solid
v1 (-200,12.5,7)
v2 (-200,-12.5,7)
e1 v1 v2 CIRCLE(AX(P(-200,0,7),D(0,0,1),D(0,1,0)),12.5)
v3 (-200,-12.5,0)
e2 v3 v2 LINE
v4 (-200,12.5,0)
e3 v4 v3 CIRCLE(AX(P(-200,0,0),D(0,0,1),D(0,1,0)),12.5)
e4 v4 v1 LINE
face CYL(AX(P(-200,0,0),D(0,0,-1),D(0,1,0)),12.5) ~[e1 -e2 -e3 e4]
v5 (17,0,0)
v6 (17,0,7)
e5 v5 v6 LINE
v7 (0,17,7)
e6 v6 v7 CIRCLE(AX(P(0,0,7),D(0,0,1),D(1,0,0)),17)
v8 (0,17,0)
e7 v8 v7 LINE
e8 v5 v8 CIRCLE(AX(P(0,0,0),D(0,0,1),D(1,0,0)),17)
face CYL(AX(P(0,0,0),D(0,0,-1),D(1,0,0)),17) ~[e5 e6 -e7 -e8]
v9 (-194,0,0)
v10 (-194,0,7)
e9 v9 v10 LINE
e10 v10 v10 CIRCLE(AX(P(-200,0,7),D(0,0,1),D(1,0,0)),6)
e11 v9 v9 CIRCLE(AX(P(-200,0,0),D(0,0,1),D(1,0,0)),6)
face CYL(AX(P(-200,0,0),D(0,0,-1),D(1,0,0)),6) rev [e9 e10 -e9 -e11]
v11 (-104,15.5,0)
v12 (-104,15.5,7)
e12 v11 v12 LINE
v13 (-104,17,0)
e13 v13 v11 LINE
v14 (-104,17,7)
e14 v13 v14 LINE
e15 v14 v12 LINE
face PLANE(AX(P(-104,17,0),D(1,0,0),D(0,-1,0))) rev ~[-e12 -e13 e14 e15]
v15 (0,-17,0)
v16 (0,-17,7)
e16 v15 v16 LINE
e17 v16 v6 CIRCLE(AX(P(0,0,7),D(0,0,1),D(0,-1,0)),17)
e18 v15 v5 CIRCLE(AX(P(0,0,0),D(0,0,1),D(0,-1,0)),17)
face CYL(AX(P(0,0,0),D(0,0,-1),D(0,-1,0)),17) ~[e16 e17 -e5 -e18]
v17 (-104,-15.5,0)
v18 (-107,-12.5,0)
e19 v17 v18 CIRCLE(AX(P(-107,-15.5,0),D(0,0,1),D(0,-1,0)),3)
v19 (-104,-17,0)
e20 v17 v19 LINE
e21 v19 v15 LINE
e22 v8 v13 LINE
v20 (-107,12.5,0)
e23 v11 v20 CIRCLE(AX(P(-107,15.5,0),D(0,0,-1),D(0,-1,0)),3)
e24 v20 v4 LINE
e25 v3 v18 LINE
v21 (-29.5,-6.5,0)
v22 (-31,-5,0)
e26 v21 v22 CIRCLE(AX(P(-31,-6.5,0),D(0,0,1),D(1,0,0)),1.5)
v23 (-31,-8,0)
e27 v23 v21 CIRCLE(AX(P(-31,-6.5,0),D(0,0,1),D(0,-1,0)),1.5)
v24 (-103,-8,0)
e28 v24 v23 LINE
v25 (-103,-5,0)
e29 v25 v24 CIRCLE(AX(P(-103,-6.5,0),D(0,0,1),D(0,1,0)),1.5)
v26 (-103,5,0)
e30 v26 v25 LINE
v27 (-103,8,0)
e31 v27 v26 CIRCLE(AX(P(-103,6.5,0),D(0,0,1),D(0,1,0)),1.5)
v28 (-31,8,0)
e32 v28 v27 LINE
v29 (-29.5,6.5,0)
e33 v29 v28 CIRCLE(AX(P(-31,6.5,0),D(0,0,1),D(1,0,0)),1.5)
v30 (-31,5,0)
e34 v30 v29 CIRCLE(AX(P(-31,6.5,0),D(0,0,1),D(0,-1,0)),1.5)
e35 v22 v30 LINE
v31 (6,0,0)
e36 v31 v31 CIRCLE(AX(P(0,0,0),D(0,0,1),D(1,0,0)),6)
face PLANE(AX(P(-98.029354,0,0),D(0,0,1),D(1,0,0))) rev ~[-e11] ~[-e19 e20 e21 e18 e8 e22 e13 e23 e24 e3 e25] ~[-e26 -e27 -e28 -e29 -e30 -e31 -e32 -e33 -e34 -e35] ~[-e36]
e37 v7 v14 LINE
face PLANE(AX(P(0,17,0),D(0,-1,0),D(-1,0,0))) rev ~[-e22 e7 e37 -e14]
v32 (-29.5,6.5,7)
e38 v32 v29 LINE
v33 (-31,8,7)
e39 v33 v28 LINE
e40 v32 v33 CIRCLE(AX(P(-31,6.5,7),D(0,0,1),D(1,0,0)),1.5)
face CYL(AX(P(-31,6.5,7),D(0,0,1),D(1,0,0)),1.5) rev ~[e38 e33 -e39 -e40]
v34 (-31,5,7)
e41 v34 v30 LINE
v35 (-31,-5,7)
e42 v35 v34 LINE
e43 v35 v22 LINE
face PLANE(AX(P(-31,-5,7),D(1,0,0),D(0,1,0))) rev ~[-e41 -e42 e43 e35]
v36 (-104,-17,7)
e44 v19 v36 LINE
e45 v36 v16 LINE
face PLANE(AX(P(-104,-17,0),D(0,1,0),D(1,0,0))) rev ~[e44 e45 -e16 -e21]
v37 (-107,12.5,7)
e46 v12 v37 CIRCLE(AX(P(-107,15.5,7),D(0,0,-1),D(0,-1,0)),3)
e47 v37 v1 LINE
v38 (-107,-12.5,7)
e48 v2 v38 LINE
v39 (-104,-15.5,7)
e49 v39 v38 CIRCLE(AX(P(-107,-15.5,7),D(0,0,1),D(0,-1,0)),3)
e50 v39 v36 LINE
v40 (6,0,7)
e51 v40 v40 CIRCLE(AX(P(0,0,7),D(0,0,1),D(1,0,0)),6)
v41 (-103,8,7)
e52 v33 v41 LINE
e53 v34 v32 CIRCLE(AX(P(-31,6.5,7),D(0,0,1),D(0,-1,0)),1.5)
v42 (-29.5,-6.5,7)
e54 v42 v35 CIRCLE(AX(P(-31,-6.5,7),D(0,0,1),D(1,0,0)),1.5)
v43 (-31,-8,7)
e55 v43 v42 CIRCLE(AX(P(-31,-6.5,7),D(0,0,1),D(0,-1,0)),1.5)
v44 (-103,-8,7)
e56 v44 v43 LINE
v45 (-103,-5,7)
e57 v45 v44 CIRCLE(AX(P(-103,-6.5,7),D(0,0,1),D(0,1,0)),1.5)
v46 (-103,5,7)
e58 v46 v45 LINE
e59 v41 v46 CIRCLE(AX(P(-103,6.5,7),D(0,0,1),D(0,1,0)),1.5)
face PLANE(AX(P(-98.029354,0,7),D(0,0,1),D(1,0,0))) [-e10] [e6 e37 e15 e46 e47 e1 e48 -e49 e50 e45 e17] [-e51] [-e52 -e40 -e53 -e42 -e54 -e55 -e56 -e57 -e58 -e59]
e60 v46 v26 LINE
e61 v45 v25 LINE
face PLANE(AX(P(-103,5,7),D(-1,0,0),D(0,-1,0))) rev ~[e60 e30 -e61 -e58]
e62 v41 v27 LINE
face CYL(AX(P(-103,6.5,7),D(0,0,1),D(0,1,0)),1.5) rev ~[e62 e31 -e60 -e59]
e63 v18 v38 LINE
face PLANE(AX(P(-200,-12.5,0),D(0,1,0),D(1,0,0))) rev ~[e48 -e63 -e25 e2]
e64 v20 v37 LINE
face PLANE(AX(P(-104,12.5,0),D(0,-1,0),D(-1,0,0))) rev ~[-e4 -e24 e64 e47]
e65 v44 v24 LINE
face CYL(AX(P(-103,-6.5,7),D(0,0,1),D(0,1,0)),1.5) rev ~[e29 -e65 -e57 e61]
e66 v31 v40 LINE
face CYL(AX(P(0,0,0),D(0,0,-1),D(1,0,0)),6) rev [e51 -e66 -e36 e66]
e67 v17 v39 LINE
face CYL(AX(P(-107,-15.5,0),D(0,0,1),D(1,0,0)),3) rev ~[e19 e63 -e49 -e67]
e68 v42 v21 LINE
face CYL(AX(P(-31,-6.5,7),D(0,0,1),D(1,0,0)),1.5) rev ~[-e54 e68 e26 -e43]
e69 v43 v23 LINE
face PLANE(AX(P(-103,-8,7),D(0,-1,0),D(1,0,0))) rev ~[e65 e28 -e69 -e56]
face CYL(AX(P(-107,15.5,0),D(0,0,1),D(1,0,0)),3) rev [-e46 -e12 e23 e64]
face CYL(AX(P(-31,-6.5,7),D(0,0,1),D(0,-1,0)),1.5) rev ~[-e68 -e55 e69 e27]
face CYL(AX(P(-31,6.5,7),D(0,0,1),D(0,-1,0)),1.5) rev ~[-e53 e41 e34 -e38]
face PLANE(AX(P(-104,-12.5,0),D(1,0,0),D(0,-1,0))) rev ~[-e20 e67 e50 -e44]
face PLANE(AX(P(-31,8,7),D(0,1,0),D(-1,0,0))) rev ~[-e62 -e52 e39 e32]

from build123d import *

# Parameters (mm, degrees)
F0_R     = 6
F1_DEPTH = 7
F3_DEPTH = 7.001
F4_R     = 3


with BuildPart() as f1:
    # F0 (on Top) → F1 (new body)
    with BuildSketch(Plane.XY):
        with BuildLine():
            ThreePointArc((0, -17), (-17, 0), (0, 17))
            Line((0, 17), (-104, 17))
            Line((-104, 17), (-104, 12.5))
            Line((-104, 12.5), (-200, 12.5))
            ThreePointArc((-200, 12.5), (-191.1611652352, 8.8388347648), (-187.5, 0))
            ThreePointArc((-187.5, 0), (-191.1611652352, -8.8388347648), (-200, -12.5))
            Line((-200, -12.5), (-104, -12.5))
            Line((-104, -12.5), (-104, -17))
            Line((-104, -17), (0, -17))
        make_face()
        with BuildLine():
            ThreePointArc((0, -17), (12.0208152802, -12.0208152802), (17, 0))
            ThreePointArc((17, 0), (12.0208152802, 12.0208152802), (0, 17))
            ThreePointArc((0, 17), (-17, 0), (0, -17))
        make_face()
        Circle(F0_R, mode=Mode.SUBTRACT)
        with BuildLine():
            ThreePointArc((-187.5, 0), (-191.1611652352, 8.8388347648), (-200, 12.5))
            ThreePointArc((-200, 12.5), (-212.5, 0), (-200, -12.5))
            ThreePointArc((-200, -12.5), (-191.1611652352, -8.8388347648), (-187.5, 0))
        make_face()
        with Locations((-200, 0)):
            Circle(F0_R, mode=Mode.SUBTRACT)
    extrude(amount=F1_DEPTH)

    # F2 (on face) → F3 (cut, through all)
    with BuildSketch(Plane.XY.offset(7)):
        with BuildLine():
            ThreePointArc((-31, 5), (-32.5, 6.5), (-31, 8))
            Line((-31, 8), (-103, 8))
            ThreePointArc((-103, 8), (-101.9393398282, 7.5606601718), (-101.5, 6.5))
            ThreePointArc((-101.5, 6.5), (-101.9393398282, 5.4393398282), (-103, 5))
            Line((-103, 5), (-103, -5))
            ThreePointArc((-103, -5), (-101.9393398282, -5.4393398282), (-101.5, -6.5))
            ThreePointArc((-101.5, -6.5), (-101.9393398282, -7.5606601718), (-103, -8))
            Line((-103, -8), (-31, -8))
            ThreePointArc((-31, -8), (-32.5, -6.5), (-31, -5))
            Line((-31, -5), (-31, 5))
        make_face()
        with BuildLine():
            ThreePointArc((-29.5, 6.5), (-29.9393398282, 7.5606601718), (-31, 8))
            Line((-31, 8), (-31, 5))
            ThreePointArc((-31, 5), (-29.9393398282, 5.4393398282), (-29.5, 6.5))
        make_face()
        with BuildLine():
            Line((-31, 5), (-31, 8))
            ThreePointArc((-31, 8), (-32.5, 6.5), (-31, 5))
        make_face()
        with BuildLine():
            ThreePointArc((-101.5, 6.5), (-101.9393398282, 7.5606601718), (-103, 8))
            Line((-103, 8), (-103, 5))
            ThreePointArc((-103, 5), (-101.9393398282, 5.4393398282), (-101.5, 6.5))
        make_face()
        with BuildLine():
            Line((-103, 5), (-103, 8))
            ThreePointArc((-103, 8), (-104.5, 6.5), (-103, 5))
        make_face()
        with BuildLine():
            ThreePointArc((-29.5, -6.5), (-29.9393398282, -5.4393398282), (-31, -5))
            Line((-31, -5), (-31, -8))
            ThreePointArc((-31, -8), (-29.9393398282, -7.5606601718), (-29.5, -6.5))
        make_face()
        with BuildLine():
            Line((-31, -8), (-31, -5))
            ThreePointArc((-31, -5), (-32.5, -6.5), (-31, -8))
        make_face()
        with BuildLine():
            ThreePointArc((-101.5, -6.5), (-101.9393398282, -5.4393398282), (-103, -5))
            Line((-103, -5), (-103, -8))
            ThreePointArc((-103, -8), (-101.9393398282, -7.5606601718), (-101.5, -6.5))
        make_face()
        with BuildLine():
            Line((-103, -8), (-103, -5))
            ThreePointArc((-103, -5), (-104.5, -6.5), (-103, -8))
        make_face()
    extrude(amount=-F3_DEPTH, mode=Mode.SUBTRACT)

    # F4
    f4_edges = [f1.edges().sort_by_distance(p)[0] for p in [
        (-104, 12.5, 3.5),
        (-104, -12.5, 3.5),
    ]]
    fillet(f4_edges, radius=F4_R)


solid = f1.part
